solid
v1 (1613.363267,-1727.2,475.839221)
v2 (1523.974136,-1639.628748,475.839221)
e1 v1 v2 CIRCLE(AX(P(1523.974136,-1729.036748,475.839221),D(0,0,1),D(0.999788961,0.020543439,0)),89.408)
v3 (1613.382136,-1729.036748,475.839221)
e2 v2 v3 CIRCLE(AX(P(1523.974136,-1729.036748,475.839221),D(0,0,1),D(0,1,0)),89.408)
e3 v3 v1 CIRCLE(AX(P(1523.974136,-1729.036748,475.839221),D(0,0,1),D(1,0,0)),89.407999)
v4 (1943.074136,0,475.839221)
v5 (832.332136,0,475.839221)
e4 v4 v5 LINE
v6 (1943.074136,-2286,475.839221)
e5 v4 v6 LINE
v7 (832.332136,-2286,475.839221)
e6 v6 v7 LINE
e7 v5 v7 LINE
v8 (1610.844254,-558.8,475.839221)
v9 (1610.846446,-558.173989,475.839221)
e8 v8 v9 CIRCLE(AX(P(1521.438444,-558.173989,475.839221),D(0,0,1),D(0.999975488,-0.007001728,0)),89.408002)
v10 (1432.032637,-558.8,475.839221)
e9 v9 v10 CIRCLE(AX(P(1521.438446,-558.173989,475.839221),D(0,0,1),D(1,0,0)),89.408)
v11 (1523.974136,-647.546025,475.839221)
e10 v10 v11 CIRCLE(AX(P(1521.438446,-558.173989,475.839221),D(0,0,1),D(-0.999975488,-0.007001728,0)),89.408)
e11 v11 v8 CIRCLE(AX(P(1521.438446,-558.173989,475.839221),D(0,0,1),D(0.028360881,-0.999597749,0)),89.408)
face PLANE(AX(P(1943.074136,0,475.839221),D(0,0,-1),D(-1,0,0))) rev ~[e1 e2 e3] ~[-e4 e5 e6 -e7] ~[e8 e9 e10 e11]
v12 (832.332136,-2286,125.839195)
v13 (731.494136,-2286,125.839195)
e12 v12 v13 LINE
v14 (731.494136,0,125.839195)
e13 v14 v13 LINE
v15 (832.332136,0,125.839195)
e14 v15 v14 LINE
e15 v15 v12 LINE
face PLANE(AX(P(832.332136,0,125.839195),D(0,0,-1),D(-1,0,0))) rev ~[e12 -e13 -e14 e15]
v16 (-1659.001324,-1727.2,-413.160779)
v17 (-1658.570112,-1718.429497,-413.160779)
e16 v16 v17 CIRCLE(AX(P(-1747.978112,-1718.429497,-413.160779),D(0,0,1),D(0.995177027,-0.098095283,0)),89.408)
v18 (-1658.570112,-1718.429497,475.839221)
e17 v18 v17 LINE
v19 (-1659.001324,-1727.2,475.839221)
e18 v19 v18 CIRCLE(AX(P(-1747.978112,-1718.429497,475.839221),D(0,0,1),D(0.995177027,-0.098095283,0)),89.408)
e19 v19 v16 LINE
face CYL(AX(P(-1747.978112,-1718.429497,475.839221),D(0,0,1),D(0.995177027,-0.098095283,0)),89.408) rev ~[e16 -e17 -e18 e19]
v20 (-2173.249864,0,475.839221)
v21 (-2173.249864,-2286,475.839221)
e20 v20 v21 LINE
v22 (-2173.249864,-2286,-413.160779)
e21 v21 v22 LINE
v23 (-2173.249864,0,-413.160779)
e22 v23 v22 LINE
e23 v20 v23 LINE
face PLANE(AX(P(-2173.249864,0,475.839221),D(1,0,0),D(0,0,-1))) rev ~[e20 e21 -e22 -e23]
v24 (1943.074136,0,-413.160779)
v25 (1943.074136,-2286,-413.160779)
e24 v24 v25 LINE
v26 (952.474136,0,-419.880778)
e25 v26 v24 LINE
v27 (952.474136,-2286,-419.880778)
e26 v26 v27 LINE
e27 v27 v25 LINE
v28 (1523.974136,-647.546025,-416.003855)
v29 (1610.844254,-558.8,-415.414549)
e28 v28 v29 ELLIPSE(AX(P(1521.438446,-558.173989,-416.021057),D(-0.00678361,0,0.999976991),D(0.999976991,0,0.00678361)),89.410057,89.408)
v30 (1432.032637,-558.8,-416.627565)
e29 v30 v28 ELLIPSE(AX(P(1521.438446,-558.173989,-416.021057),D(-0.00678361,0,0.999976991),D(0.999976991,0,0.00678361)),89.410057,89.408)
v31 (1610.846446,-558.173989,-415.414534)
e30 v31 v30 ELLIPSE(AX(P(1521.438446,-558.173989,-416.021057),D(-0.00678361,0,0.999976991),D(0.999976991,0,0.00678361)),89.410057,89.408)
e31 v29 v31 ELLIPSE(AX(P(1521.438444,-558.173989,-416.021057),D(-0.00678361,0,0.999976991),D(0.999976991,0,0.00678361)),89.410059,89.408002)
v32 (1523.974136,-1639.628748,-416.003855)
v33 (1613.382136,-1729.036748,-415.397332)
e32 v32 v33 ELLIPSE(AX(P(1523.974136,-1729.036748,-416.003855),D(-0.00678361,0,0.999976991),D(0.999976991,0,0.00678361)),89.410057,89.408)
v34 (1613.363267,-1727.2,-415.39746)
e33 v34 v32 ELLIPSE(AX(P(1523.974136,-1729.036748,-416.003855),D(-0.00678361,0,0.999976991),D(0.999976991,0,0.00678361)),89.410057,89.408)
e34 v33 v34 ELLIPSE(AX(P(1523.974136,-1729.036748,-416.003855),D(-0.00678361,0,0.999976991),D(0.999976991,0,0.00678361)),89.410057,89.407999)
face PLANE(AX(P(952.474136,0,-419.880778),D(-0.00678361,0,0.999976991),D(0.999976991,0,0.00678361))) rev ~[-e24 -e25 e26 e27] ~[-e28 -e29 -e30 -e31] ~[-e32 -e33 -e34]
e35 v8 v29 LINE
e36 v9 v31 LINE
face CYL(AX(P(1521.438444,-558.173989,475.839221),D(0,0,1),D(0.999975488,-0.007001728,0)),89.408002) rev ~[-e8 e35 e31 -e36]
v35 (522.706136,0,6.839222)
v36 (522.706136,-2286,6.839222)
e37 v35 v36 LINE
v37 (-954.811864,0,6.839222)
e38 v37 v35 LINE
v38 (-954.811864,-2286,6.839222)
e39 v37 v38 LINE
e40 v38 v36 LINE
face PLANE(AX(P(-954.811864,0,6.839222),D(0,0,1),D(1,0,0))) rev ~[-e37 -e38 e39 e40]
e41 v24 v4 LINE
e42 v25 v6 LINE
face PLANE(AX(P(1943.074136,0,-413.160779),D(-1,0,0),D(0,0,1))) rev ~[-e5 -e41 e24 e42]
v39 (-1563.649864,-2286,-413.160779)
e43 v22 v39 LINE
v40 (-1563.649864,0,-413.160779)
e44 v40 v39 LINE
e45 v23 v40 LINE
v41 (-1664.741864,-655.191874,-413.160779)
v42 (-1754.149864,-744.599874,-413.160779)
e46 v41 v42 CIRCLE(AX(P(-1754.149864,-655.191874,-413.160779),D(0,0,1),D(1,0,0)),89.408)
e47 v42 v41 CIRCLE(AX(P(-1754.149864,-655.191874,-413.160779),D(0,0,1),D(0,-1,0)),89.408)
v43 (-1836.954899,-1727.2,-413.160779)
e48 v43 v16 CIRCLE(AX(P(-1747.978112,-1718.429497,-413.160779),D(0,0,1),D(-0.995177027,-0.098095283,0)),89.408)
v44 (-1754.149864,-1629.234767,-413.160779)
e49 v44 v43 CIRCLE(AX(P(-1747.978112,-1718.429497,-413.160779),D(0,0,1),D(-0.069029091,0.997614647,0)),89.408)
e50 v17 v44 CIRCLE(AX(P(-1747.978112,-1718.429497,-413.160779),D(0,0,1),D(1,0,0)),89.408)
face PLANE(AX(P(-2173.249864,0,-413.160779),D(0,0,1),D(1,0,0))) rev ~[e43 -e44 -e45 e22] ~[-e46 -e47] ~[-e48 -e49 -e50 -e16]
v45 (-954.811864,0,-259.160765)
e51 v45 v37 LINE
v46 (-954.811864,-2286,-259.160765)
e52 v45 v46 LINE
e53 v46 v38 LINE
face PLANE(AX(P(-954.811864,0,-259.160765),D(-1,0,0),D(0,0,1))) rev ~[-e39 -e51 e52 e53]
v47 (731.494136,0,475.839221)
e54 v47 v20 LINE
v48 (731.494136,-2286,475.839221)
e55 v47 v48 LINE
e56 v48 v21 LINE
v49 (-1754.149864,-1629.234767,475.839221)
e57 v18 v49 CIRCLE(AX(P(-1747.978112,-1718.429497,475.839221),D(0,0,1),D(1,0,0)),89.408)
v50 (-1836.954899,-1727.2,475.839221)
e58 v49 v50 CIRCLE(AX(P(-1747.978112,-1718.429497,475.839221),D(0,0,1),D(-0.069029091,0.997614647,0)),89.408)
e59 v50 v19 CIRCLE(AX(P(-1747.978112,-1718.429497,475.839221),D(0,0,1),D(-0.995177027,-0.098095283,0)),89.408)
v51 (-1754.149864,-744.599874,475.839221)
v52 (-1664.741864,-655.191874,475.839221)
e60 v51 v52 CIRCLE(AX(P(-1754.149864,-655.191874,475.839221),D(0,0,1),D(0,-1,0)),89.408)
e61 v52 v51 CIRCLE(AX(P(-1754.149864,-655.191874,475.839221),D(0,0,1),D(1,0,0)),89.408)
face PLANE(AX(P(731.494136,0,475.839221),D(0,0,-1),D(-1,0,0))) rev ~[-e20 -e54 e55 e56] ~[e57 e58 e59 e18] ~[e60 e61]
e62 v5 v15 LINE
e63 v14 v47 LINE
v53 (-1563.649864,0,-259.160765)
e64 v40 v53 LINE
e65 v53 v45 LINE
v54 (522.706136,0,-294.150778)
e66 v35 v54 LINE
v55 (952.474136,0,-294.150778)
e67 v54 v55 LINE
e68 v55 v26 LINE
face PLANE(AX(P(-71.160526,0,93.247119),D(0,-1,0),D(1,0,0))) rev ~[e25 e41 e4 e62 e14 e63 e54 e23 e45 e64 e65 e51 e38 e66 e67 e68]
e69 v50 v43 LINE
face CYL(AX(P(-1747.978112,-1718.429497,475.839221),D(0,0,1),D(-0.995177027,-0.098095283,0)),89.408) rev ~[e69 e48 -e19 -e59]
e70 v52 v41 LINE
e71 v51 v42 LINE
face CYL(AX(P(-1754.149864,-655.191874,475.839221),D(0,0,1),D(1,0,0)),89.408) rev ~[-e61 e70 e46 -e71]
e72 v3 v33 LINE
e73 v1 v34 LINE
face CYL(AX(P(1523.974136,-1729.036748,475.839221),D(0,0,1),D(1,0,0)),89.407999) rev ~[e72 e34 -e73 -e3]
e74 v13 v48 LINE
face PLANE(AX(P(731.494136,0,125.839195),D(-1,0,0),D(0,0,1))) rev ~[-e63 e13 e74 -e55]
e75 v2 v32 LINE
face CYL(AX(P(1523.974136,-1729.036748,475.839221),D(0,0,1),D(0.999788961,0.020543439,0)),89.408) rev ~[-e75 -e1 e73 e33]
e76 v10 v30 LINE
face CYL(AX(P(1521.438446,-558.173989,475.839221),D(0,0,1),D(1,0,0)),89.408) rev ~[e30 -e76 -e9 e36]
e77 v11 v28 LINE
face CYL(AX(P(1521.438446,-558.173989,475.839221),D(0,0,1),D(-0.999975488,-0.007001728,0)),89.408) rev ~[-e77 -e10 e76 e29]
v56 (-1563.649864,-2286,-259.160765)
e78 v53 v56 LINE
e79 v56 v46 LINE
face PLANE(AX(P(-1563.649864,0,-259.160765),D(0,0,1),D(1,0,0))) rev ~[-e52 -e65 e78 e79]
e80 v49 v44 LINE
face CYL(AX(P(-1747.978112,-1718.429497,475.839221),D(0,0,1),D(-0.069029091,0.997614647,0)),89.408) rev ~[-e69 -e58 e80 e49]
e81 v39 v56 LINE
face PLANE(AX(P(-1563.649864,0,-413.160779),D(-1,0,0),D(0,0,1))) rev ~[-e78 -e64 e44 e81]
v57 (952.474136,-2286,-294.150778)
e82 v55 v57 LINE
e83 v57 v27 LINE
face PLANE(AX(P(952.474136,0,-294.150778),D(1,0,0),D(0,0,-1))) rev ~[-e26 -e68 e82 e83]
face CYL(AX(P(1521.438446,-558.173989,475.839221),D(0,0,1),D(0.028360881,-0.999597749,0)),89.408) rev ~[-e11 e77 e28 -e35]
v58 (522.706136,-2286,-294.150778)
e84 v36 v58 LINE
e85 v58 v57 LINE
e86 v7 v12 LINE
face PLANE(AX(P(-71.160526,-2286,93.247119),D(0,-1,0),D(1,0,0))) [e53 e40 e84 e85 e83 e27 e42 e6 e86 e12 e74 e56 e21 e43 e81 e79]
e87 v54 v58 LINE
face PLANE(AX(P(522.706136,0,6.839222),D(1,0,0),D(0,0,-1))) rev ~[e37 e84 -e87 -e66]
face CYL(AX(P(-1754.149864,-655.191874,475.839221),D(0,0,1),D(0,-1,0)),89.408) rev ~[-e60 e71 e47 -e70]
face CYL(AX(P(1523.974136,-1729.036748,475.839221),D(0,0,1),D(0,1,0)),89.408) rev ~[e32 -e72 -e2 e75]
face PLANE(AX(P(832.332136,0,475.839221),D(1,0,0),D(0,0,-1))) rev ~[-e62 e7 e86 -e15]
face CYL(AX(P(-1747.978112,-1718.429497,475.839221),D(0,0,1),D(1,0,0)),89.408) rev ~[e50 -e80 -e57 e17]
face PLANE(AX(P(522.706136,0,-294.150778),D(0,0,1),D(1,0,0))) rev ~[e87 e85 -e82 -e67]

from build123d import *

# Parameters (mm, degrees)
F1_DEPTH = 2286
F3_DEPTH = 895.7209988133


with BuildPart() as f1:
    # F0 (on Front) → F1 (new body)
    with BuildSketch(Plane.XZ):
        Polygon((-2173.2498644925, -413.1607788317), (-1563.6498644925, -413.1607788317), (-1563.6498644925, -259.1607647607), (-954.8118644925, -259.1607647607), (-954.8118644925, 6.839222355), (522.7061355075, 6.839222355), (522.7061355075, -294.150777645), (952.4741355075, -294.150777645), (952.4741355075, -419.880777645), (1396.7500487082, -416.8669137146), (1943.0741355075, -413.1607788317), (1943.0741355075, 475.8392211683), (832.3321355075, 475.8392211683), (832.3321355075, 125.8391950607), (731.4941355075, 125.8391950607), (731.4941355075, 475.8392211683), (-2173.2498644925, 475.8392211683), align=None)
    extrude(amount=F1_DEPTH)

    # F2 (on face) → F3 (cut, through all)
    with BuildSketch(Plane.XY.offset(475.8392211683)):
        with BuildLine():
            Line((-1754.1498644925, -744.5998737153), (-1754.1498644925, -565.7838737153))
            ThreePointArc((-1754.1498644925, -565.7838737153), (-1843.5578644925, -655.1918737153), (-1754.1498644925, -744.5998737153))
        make_face()
        with BuildLine():
            Line((-1836.9548991941, -1727.2), (-1754.1498644925, -1727.2))
            Line((-1754.1498644925, -1727.2), (-1754.1498644925, -1629.2347665525))
            ThreePointArc((-1754.1498644925, -1629.2347665525), (-1816.2614033196, -1660.7130995458), (-1836.9548991941, -1727.2))
        make_face()
        with BuildLine():
            ThreePointArc((-1836.9548991941, -1727.2), (-1810.2703685282, -1782.5657985528), (-1754.1498644925, -1807.624227335))
            Line((-1754.1498644925, -1807.624227335), (-1754.1498644925, -1727.2))
            Line((-1754.1498644925, -1727.2), (-1836.9548991941, -1727.2))
        make_face()
        with BuildLine():
            ThreePointArc((-1754.1498644925, -1807.624227335), (-1690.2617141483, -1786.7127887171), (-1659.0013238983, -1727.2))
            Line((-1659.0013238983, -1727.2), (-1754.1498644925, -1727.2))
            Line((-1754.1498644925, -1727.2), (-1754.1498644925, -1807.624227335))
        make_face()
        with BuildLine():
            Line((-1754.1498644925, -1727.2), (-1659.0013238983, -1727.2))
            ThreePointArc((-1659.0013238983, -1727.2), (-1658.6779797042, -1722.8200455414), (-1658.5701115462, -1718.4294969437))
            ThreePointArc((-1658.5701115462, -1718.4294969437), (-1686.9781673799, -1653.0628596147), (-1754.1498644925, -1629.2347665525))
            Line((-1754.1498644925, -1629.2347665525), (-1754.1498644925, -1727.2))
        make_face()
        with BuildLine():
            ThreePointArc((-1664.7418644925, -655.1918737153), (-1690.9288614001, -591.970870623), (-1754.1498644925, -565.7838737153))
            Line((-1754.1498644925, -565.7838737153), (-1754.1498644925, -744.5998737153))
            ThreePointArc((-1754.1498644925, -744.5998737153), (-1690.9288614001, -718.4128768077), (-1664.7418644925, -655.1918737153))
        make_face()
        with BuildLine():
            Line((1523.9741355075, -558.8), (1432.032637423, -558.8))
            ThreePointArc((1432.032637423, -558.8), (1459.3452205786, -622.5030019151), (1523.9741355075, -647.5460250302))
            Line((1523.9741355075, -647.5460250302), (1523.9741355075, -558.8))
        make_face()
        with BuildLine():
            Line((1523.9741355075, -558.8), (1523.9741355075, -468.8019538916))
            ThreePointArc((1523.9741355075, -468.8019538916), (1458.8963283547, -494.2813137682), (1432.032637423, -558.8))
            Line((1432.032637423, -558.8), (1523.9741355075, -558.8))
        make_face()
        with BuildLine():
            ThreePointArc((1610.8442542135, -558.8), (1610.8458979154, -558.4869966486), (1610.8464458183, -558.1739894609))
            ThreePointArc((1610.8464458183, -558.1739894609), (1585.549682773, -495.8559362168), (1523.9741355075, -468.8019538916))
            Line((1523.9741355075, -468.8019538916), (1523.9741355075, -558.8))
            Line((1523.9741355075, -558.8), (1610.8442542135, -558.8))
        make_face()
        with BuildLine():
            ThreePointArc((1523.9741355075, -647.5460250302), (1585.3311215109, -620.7161069245), (1610.8442542135, -558.8))
            Line((1610.8442542135, -558.8), (1523.9741355075, -558.8))
            Line((1523.9741355075, -558.8), (1523.9741355075, -647.5460250302))
        make_face()
        with BuildLine():
            Line((1523.9741355075, -1727.2), (1523.9741355075, -1639.6287478))
            ThreePointArc((1523.9741355075, -1639.6287478), (1461.4058906996, -1665.1696576388), (1434.5850040568, -1727.2))
            Line((1434.5850040568, -1727.2), (1523.9741355075, -1727.2))
        make_face()
        with BuildLine():
            ThreePointArc((1613.3632669583, -1727.2), (1586.5423803155, -1665.1696576388), (1523.9741355075, -1639.6287478))
            Line((1523.9741355075, -1639.6287478), (1523.9741355075, -1727.2))
            Line((1523.9741355075, -1727.2), (1613.3632669583, -1727.2))
        make_face()
        with BuildLine():
            ThreePointArc((1613.3821355075, -1729.0367478), (1613.3774182458, -1728.118325443), (1613.3632669583, -1727.2))
            Line((1613.3632669583, -1727.2), (1523.9741355075, -1727.2))
            Line((1523.9741355075, -1727.2), (1523.9741355075, -1818.4447478))
            ThreePointArc((1523.9741355075, -1818.4447478), (1587.1951385999, -1792.2577508923), (1613.3821355075, -1729.0367478))
        make_face()
        with BuildLine():
            Line((1523.9741355075, -1727.2), (1434.5850040568, -1727.2))
            ThreePointArc((1434.5850040568, -1727.2), (1460.1070453464, -1791.6049926079), (1523.9741355075, -1818.4447478))
            Line((1523.9741355075, -1818.4447478), (1523.9741355075, -1727.2))
        make_face()
    extrude(amount=-F3_DEPTH, mode=Mode.SUBTRACT)


solid = f1.part
